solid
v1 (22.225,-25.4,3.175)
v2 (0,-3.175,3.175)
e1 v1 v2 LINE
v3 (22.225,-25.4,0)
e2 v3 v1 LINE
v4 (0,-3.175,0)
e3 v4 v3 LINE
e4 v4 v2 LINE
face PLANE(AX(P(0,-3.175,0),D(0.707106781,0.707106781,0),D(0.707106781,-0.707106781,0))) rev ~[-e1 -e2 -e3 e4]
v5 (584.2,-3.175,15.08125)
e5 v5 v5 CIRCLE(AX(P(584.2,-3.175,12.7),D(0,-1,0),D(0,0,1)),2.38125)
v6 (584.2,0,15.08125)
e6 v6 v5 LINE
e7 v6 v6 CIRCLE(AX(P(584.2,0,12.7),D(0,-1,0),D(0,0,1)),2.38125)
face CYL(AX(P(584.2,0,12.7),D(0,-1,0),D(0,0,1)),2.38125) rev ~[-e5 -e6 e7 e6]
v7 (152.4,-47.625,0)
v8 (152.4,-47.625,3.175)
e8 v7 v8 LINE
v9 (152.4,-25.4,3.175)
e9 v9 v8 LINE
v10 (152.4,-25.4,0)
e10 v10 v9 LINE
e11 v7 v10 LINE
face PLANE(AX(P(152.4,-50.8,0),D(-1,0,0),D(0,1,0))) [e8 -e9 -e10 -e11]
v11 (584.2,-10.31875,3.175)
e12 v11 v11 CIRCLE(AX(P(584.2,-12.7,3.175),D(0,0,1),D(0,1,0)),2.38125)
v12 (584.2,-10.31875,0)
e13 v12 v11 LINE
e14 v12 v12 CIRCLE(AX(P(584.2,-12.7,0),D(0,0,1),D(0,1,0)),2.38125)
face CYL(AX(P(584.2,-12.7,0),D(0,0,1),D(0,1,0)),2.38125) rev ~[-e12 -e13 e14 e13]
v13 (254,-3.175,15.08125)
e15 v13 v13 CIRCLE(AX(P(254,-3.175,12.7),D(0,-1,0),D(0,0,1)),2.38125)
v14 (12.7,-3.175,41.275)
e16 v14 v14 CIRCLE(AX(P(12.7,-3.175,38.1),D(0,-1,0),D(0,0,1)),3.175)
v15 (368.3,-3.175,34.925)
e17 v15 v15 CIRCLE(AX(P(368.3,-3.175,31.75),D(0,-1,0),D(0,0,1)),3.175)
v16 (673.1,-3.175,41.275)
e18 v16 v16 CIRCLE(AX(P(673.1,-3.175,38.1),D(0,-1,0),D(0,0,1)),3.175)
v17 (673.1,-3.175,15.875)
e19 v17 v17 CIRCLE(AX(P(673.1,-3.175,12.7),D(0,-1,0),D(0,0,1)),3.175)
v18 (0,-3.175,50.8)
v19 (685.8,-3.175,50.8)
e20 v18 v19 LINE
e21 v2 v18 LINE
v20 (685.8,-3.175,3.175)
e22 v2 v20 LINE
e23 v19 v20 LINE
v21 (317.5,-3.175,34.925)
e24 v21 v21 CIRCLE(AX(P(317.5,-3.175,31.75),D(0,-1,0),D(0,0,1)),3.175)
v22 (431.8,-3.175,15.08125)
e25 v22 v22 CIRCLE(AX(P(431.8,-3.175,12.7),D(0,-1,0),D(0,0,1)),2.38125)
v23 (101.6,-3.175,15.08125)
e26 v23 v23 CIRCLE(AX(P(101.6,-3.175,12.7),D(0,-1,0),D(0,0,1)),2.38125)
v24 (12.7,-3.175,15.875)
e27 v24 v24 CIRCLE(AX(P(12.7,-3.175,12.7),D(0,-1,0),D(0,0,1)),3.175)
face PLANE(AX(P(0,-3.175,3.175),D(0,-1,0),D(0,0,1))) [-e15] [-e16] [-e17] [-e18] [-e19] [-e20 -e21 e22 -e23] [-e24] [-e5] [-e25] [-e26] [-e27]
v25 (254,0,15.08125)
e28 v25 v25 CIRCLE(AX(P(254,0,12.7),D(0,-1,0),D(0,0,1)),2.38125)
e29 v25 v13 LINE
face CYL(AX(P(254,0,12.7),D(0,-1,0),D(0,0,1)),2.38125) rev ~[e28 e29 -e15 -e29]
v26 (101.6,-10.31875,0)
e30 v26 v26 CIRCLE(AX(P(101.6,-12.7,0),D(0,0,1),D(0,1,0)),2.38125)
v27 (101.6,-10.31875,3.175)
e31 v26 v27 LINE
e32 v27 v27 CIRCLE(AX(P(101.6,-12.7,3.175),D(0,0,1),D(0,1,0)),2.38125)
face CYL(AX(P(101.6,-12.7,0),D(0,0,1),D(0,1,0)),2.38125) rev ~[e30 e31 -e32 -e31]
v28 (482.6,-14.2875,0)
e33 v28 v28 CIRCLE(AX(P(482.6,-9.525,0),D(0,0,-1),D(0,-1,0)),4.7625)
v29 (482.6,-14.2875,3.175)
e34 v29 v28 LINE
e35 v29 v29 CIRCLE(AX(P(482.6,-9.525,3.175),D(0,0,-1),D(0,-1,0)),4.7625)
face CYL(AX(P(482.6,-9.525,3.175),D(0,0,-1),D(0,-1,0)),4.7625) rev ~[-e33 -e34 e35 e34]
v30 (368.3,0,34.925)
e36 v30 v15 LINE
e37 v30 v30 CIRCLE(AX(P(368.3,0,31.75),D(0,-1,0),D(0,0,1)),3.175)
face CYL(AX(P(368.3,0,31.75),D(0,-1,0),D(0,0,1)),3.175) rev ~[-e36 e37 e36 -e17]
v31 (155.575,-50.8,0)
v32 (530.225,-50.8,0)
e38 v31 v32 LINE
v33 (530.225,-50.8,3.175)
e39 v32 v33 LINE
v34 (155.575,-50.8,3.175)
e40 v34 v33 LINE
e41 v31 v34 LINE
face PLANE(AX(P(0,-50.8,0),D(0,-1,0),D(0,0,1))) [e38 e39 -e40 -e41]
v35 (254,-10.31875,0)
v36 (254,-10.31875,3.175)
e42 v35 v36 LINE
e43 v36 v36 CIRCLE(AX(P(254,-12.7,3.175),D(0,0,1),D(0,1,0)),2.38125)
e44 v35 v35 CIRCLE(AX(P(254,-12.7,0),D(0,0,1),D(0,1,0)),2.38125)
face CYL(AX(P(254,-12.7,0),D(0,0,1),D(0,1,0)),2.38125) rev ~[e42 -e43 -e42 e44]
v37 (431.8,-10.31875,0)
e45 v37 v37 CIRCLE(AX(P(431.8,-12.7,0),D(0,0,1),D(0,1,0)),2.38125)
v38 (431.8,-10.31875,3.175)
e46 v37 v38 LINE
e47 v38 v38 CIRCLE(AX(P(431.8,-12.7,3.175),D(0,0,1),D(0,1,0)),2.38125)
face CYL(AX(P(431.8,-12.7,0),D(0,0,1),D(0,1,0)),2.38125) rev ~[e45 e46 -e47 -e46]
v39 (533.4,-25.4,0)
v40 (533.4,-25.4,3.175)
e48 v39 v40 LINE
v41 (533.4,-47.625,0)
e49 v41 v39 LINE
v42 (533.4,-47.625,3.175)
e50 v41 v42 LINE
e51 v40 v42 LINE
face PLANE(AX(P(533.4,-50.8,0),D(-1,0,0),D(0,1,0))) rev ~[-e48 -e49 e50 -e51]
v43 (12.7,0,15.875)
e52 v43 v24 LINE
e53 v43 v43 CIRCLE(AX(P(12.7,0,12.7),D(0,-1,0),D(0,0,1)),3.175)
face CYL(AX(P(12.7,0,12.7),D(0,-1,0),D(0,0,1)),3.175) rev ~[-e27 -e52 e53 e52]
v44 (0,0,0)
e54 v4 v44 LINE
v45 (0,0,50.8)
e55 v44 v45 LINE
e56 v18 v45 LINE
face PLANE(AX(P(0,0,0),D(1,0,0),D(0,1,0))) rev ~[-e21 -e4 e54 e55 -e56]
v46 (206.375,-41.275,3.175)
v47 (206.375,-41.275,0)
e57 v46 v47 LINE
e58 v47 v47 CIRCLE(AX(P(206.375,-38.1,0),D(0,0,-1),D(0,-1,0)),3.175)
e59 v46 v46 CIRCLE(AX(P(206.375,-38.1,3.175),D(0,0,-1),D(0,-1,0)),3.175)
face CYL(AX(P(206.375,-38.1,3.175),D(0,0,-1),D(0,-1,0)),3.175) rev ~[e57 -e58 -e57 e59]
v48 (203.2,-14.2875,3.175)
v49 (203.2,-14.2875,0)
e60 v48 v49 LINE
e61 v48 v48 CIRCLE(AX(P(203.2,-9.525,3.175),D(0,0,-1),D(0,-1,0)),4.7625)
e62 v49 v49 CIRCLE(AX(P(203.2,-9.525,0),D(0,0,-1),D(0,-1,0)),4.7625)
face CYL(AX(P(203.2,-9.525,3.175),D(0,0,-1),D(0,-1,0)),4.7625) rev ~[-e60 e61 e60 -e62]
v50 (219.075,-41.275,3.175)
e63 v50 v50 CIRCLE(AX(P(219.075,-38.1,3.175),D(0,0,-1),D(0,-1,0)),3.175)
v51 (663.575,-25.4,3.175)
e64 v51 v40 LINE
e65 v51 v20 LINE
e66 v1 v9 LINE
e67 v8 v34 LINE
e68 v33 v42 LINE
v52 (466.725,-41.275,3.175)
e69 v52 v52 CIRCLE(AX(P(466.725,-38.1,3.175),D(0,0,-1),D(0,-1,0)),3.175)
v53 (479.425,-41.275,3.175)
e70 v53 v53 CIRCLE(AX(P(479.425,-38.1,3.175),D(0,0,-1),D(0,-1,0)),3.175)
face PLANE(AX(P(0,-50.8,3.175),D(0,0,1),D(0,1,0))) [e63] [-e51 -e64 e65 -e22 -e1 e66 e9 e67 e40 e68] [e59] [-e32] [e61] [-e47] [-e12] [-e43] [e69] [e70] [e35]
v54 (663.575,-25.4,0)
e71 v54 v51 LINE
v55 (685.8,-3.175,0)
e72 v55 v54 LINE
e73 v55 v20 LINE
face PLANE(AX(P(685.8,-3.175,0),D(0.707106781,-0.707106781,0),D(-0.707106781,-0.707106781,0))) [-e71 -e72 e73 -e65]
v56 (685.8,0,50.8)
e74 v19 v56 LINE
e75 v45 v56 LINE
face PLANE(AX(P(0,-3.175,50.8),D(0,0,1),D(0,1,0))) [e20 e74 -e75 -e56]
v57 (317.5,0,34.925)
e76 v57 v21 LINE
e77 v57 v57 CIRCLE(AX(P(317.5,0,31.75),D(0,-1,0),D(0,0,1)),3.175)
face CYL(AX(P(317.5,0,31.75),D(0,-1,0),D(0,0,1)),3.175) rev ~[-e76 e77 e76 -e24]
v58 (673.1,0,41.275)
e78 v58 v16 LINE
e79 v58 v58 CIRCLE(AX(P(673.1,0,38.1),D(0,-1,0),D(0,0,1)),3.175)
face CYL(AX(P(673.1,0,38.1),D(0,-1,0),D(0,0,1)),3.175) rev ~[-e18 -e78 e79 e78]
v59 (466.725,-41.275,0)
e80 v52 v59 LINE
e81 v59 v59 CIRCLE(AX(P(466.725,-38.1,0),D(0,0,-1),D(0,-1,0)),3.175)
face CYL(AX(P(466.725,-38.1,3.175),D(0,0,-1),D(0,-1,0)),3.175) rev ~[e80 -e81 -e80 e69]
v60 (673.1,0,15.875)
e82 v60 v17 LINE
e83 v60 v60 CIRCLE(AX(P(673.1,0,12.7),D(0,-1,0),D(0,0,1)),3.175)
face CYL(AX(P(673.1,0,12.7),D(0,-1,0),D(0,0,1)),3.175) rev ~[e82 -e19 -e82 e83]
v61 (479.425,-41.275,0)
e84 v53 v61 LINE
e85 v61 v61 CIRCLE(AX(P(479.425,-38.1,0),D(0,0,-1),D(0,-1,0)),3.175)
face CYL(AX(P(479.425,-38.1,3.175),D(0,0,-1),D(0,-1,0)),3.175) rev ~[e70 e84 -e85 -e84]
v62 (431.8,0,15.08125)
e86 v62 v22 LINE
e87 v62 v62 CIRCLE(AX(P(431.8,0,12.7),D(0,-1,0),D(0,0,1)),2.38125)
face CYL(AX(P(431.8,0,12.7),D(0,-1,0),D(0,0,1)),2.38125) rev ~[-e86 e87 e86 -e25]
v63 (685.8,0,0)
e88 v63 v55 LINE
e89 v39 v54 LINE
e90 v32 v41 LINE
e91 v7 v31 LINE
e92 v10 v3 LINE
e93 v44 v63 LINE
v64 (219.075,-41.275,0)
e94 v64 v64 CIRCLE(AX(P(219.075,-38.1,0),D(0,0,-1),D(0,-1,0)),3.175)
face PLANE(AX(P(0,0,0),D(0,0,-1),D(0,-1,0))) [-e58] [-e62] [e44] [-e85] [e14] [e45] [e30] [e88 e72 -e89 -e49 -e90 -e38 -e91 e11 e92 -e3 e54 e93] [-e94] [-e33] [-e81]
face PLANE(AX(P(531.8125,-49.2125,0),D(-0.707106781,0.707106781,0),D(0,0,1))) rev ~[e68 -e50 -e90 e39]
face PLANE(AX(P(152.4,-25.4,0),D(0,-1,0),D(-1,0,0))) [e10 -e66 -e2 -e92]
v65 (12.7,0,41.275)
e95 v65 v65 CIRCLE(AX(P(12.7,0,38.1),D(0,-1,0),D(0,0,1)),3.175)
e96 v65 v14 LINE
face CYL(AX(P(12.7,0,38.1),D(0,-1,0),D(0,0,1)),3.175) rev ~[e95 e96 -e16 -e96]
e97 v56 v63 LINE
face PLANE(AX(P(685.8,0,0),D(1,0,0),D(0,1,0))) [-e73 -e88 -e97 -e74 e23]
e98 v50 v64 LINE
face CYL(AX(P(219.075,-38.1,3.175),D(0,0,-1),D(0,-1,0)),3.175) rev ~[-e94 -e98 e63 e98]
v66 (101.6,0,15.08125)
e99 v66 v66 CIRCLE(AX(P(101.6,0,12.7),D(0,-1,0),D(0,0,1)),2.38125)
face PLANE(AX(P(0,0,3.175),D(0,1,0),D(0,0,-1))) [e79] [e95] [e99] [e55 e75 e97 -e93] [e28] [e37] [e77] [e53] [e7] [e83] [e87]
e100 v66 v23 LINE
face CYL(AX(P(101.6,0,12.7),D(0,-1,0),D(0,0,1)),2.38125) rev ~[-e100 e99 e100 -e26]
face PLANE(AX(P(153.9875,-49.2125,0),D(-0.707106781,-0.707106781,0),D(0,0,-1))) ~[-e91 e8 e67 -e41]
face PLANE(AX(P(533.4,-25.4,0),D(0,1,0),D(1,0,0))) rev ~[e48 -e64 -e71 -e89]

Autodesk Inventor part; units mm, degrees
ref_plane "YZ Plane" through (0, 0, 0) normal (1, 0, 0) x (0, 1, 0)
ref_plane "XZ Plane" through (0, 0, 0) normal (0, 1, 0) x (-1, 0, 0)
ref_plane "XY Plane" through (0, 0, 0) normal (0, 0, 1) x (1, 0, 0)
sketch "Sketch1" plane through (0, 0, 0) normal (1, 0, 0) x (0, 1, 0)
  line L0 (0, 0) -> (-3.175, 0)
  line L1 (-3.175, 0) -> (-3.175, 50.8)
  line L2 (-3.175, 50.8) -> (0, 50.8)
  line L3 (0, 50.8) -> (0, 0)
  line L4 (0, 0) -> (-50.8, 0)
  line L5 (-50.8, 0) -> (-50.8, 3.175)
  line L6 (-50.8, 3.175) -> (0, 3.175)
  line L7 (0, 3.175) -> (0, 0)
  dimension "d0" = 3.175
  dimension "d1" = 50.8
  dimension "d2" = 50.8
  dimension "d3" = 3.175
extrude "Extrusion1" add sketch "Sketch1" along normal blind 685.8
sketch "Sketch2" plane through (0, -50.8, 3.175) normal (0, 0, 1) x (1, 0, 0)
  line L0 (0, 47.625) -> (0, 0) projected
  line L1 (0, 0) -> (685.8, 0) projected
  point P0 (0, 50.8)
  point P1 (206.375, 12.7)
  point P2 (479.425, 12.7)
  point P3 (219.075, 12.7)
  point P4 (466.725, 12.7)
  dimension "d9" = 12.7
  dimension "d11" = 12.7
  dimension "d117" = 12.7
  dimension "d118" = 12.7
  dimension "d121" = 12.7
  dimension "d122" = 12.7
  dimension "d130" = 206.375
  dimension "d131" = 247.65
sketch "Sketch3" plane through (0, 0, 50.8) normal (0, 1, 0) x (1, 0, 0)
  line L0 (0, 50.8) -> (0, 0) projected
  line L1 (0, 0) -> (685.8, 0) projected
  line L2 (685.8, 50.8) -> (685.8, 0) projected
  line L3 (0, 50.8) -> (685.8, 50.8) projected
  point P0 (12.7, 12.7)
  point P1 (12.7, 38.1)
  point P2 (317.5, 19.05)
  point P3 (368.3, 19.05)
  point P4 (673.1, 12.7)
  point P5 (673.1, 38.1)
  dimension "d19" = 12.7
  dimension "d20" = 12.7
  dimension "d21" = 12.7
  dimension "d22" = 12.7
  dimension "d23" = 19.05
  dimension "d24" = 19.05
  dimension "d25" = 12.7
  dimension "d26" = 12.7
  dimension "d27" = 12.7
  dimension "d28" = 12.7
  dimension "d29" = 317.5
  dimension "d30" = 317.5
hole "Hole2" at (12.7, 0, 38.1) at (12.7, 0, 12.7) at (317.5, 0, 31.75) at (368.3, 0, 31.75) at (673.1, 0, 38.1) at (673.1, 0, 12.7) direction (0, -1, 0) diameter 6.35 end through all
sketch "Sketch4" plane through (0, 0, 50.8) normal (0, 1, 0) x (1, 0, 0)
  line L0 (0, 50.8) -> (0, 0) projected
  line L1 (685.8, 50.8) -> (685.8, 0) projected
  line L2 (0, 50.8) -> (685.8, 50.8) projected
  point P0 (101.6, 38.1)
  point P1 (254, 38.1)
  point P2 (431.8, 38.1)
  point P3 (584.2, 38.1)
  dimension "d38" = 101.6
  dimension "d39" = 254
  dimension "d40" = 254
  dimension "d41" = 101.6
  dimension "d42" = 12.7
  dimension "d43" = 12.7
  dimension "d44" = 12.7
  dimension "d45" = 12.7
hole "Hole3" at (101.6, 0, 12.7) at (254, 0, 12.7) at (431.8, 0, 12.7) at (584.2, 0, 12.7) direction (0, -1, 0) diameter 4.7625 end through all
sketch "Sketch6" plane through (0, -50.8, 0) normal (0, 0, -1) x (-1, 0, 0)
  line L0 (0, 0) -> (0, 50.8) projected
  line L1 (-685.8, 0) -> (-685.8, 50.8) projected
  line L2 (-685.8, 0) -> (-533.4, 0)
  line L3 (-533.4, 0) -> (-533.4, 25.4)
  line L4 (-533.4, 25.4) -> (-685.8, 25.4)
  line L5 (-685.8, 25.4) -> (-685.8, 0)
  line L6 (0, 0) -> (-152.4, 0)
  line L7 (-152.4, 0) -> (-152.4, 25.4)
  line L8 (-152.4, 25.4) -> (0, 25.4)
  line L9 (0, 25.4) -> (0, 0)
  line L10 (-685.8, 47.625) -> (-663.575, 25.4)
  line L11 (-685.8, 47.625) -> (-654.3691, 47.625) construction
  line L12 (-663.575, 25.4) -> (-685.8, 25.4)
  line L13 (-685.8, 25.4) -> (-685.8, 47.625)
  line L14 (0, 47.625) -> (-22.225, 25.4)
  line L15 (0, 47.625) -> (31.4309, 47.625) construction
  line L16 (-22.225, 25.4) -> (0, 25.4)
  line L17 (0, 25.4) -> (0, 47.625)
  line L18 (0, 47.625) -> (-685.8, 47.625) projected
  dimension "d65" = 152.4
  dimension "d66" = 25.4
  dimension "d67" = 152.4
  dimension "d68" = 25.4
  dimension "d69" = 45
  dimension "d70" = 135
extrude "Extrusion3" cut sketch "Sketch6" against normal blind 25.4
chamfer "Chamfer1" distance 3.175 angle 45 2 edges at (533.4, -50.8, 1.5875) (152.4, -50.8, 1.5875)
sketch "Sketch8" plane through (685.8, 0, 0) normal (0, 0, -1) x (-1, 0, 0)
  line L0 (685.8, 0) -> (0, 0) projected
  line L1 (0, -3.175) -> (0, 0) projected
  point P0 (101.6, -12.7)
  point P1 (254, -12.7)
  point P2 (431.8, -12.7)
  point P3 (584.2, -12.7)
  dimension "d91" = 12.7
  dimension "d92" = 12.7
  dimension "d93" = 12.7
  dimension "d94" = 12.7
  dimension "d95" = 101.6
  dimension "d96" = 254
  dimension "d97" = 431.8
  dimension "d98" = 584.2
hole "Hole5" at (584.2, -12.7, 0) at (431.8, -12.7, 0) at (254, -12.7, 0) at (101.6, -12.7, 0) direction (0, 0, 1) diameter 4.7625 end through all
sketch "Sketch9" plane through (0, -3.175, 3.175) normal (0, 0, 1) x (1, 0, 0)
  line L0 (0, 0) -> (685.8, 0) projected
  line L1 (0, 3.175) -> (0, 0) projected
  line L2 (685.8, 0) -> (685.8, 3.175) projected
  point P0 (203.2, -6.35)
  point P1 (482.6, -6.35)
  dimension "d106" = 203.2
  dimension "d107" = 6.35
  dimension "d108" = 6.35
  dimension "d109" = 203.2
hole "Hole6" at (203.2, -9.525, 3.175) at (482.6, -9.525, 3.175) direction (0, 0, -1) diameter 9.525 depth 25.4 tip angle 118
hole "Hole7" at (206.375, -38.1, 3.175) at (479.425, -38.1, 3.175) at (219.075, -38.1, 3.175) at (466.725, -38.1, 3.175) direction (0, 0, -1) diameter 6.35 depth 25.4 tip angle 118
properties part number "2x2 angle rail support" material "Aluminum 6061"
